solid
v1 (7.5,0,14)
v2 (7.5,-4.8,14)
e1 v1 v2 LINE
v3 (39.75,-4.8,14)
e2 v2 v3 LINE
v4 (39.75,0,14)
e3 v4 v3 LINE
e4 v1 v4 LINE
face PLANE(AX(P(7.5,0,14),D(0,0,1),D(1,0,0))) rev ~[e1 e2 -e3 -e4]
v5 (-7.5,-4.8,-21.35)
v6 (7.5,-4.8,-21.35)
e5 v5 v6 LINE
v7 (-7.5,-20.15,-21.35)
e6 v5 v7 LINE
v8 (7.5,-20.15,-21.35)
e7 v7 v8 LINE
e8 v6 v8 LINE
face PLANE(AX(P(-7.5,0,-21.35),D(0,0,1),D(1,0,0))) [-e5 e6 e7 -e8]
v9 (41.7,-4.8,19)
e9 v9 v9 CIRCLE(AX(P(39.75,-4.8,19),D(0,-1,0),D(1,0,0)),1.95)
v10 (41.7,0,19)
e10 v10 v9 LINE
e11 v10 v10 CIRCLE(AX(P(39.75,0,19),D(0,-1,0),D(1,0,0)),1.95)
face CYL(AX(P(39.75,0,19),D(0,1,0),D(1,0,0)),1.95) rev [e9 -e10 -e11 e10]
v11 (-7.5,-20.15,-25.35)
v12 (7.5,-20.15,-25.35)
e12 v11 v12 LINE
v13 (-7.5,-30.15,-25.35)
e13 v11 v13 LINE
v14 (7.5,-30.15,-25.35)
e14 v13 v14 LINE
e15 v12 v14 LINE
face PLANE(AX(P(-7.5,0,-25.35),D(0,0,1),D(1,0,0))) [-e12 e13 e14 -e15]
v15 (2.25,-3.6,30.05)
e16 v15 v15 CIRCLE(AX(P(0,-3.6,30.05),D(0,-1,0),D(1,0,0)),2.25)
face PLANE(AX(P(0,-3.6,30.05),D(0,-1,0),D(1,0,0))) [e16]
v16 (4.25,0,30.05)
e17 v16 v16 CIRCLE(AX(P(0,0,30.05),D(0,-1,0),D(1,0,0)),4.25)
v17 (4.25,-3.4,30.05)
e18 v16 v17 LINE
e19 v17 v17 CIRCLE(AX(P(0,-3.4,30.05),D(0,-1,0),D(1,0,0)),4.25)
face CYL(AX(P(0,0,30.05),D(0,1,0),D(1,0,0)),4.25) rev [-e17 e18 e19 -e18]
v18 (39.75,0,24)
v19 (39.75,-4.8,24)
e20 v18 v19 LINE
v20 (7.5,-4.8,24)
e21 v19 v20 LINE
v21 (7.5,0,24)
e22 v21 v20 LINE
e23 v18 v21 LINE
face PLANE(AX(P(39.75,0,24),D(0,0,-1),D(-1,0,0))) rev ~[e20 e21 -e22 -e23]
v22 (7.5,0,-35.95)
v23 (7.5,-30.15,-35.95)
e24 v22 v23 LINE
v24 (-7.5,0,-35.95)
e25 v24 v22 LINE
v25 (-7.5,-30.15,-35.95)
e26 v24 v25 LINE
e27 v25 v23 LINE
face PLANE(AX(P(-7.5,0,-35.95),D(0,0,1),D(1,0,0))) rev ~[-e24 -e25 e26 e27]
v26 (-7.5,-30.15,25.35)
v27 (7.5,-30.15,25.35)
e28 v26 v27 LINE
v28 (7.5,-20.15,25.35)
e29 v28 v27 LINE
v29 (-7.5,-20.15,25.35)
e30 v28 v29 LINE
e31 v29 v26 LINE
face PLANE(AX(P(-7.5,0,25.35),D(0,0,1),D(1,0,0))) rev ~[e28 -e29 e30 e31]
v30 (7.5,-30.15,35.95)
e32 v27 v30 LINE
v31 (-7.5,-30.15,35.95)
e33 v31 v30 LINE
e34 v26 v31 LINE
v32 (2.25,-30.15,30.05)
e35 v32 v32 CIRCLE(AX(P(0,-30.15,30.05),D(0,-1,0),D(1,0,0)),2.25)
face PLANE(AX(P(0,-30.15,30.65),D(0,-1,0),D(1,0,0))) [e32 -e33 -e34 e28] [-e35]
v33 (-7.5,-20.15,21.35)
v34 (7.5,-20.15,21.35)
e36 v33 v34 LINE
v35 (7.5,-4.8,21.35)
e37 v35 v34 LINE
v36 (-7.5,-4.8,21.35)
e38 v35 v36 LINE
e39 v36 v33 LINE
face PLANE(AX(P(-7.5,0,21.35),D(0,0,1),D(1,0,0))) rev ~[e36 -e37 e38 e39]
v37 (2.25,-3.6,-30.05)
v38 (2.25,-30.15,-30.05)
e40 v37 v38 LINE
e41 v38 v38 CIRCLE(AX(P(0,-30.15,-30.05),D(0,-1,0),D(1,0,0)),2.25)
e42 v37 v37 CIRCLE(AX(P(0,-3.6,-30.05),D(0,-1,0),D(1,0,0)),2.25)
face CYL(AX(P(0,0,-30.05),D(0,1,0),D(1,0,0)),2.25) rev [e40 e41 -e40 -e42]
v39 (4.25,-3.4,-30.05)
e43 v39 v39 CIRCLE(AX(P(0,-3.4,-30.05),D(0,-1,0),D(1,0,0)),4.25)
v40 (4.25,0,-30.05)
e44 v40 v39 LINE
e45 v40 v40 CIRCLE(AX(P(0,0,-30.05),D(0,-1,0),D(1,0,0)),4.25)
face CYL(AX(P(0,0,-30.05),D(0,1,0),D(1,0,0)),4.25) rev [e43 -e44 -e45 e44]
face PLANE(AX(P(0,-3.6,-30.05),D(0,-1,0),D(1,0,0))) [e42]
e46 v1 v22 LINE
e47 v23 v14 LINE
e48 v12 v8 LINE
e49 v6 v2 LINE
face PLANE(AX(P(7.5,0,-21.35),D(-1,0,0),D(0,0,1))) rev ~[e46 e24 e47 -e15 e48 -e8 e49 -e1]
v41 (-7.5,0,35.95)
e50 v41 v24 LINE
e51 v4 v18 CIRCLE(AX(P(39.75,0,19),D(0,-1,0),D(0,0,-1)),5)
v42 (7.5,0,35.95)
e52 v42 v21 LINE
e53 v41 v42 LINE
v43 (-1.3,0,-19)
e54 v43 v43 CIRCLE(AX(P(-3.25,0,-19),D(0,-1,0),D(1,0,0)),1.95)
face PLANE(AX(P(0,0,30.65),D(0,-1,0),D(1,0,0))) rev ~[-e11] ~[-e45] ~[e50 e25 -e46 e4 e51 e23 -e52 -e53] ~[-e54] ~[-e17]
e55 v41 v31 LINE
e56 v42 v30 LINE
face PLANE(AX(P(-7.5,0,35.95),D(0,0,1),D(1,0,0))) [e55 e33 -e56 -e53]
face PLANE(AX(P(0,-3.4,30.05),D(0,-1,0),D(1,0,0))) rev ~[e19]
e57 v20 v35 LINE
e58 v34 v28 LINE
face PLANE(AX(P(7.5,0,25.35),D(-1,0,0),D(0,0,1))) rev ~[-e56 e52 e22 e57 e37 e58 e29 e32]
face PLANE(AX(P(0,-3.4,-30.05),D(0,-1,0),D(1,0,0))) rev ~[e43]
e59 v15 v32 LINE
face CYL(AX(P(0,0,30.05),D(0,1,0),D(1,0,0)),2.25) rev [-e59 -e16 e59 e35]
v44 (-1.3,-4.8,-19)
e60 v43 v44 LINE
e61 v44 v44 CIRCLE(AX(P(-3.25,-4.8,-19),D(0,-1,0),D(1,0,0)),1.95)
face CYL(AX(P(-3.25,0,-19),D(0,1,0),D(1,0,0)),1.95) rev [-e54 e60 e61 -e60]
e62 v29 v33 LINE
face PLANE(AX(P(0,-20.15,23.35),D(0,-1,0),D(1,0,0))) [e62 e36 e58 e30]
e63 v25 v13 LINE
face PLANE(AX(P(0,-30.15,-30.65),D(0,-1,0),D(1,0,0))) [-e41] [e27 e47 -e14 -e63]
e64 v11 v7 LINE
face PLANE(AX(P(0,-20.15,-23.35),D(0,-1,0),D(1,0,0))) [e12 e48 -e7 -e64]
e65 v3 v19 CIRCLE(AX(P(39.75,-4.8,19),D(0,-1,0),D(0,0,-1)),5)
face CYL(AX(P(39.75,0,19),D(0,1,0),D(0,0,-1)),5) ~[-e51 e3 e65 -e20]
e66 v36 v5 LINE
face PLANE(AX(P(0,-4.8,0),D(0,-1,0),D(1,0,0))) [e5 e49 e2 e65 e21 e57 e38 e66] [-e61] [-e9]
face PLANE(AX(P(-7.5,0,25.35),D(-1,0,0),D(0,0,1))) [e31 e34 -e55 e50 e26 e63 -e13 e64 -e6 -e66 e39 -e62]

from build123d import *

# Parameters (mm, degrees)
F0_R     = 1.95
F1_DEPTH = 4.8
F0_W     = 15
F0_H     = 4
F2_DEPTH = 20.15
F0_H_2   = 10.6
F0_R_2   = 4.25
F0_R_3   = 2.25
F3_DEPTH = 30.15
F4_DEPTH = 3.4
F5_DEPTH = 3.6
F6_DEPTH = 3.4


with BuildPart() as f1:
    # F0 (on Front) → F1 (new body)
    with BuildSketch(Plane.XZ):
        Polygon((7.5, 21.35), (-7.5, 21.35), (-7.5, -21.35), (7.5, -21.35), (7.5, 14), align=None)
        with Locations((-3.25, -19)):
            Circle(F0_R, mode=Mode.SUBTRACT)
        with BuildLine():
            Line((39.75, 24), (7.5, 24))
            Line((7.5, 24), (7.5, 21.35))
            Line((7.5, 21.35), (7.5, 14))
            Line((7.5, 14), (39.75, 14))
            ThreePointArc((39.75, 14), (44.75, 19), (39.75, 24))
        make_face()
        with Locations((39.75, 19)):
            Circle(F0_R, mode=Mode.SUBTRACT)
    extrude(amount=F1_DEPTH)

    # F0 (on Front) → F2 (join)
    with BuildSketch(Plane.XZ):
        Polygon((7.5, 24), (7.5, 25.35), (-7.5, 25.35), (-7.5, 21.35), (7.5, 21.35), align=None)
        with Locations((0, -23.35)):
            Rectangle(F0_W, F0_H)
    extrude(amount=F2_DEPTH)

    # F0 (on Front) → F3 (join)
    with BuildSketch(Plane.XZ):
        with Locations((0, 30.65)):
            Rectangle(F0_W, F0_H_2)
        with Locations((0, 30.05)):
            Circle(F0_R_2, mode=Mode.SUBTRACT)
        with Locations((0, 30.05)):
            Circle(F0_R_2)
        with Locations((0, 30.05)):
            Circle(F0_R_3, mode=Mode.SUBTRACT)
        with Locations((0, -30.65)):
            Rectangle(F0_W, F0_H_2)
        with Locations((0, -30.05)):
            Circle(F0_R_2, mode=Mode.SUBTRACT)
        with Locations((0, -30.05)):
            Circle(F0_R_2)
        with Locations((0, -30.05)):
            Circle(F0_R_3, mode=Mode.SUBTRACT)
    extrude(amount=F3_DEPTH)

    # F0 (on Front) → F4 (cut)
    with BuildSketch(Plane.XZ):
        with Locations((0, -30.05)):
            Circle(F0_R_2)
        with Locations((0, -30.05)):
            Circle(F0_R_3, mode=Mode.SUBTRACT)
        with Locations((0, 30.05)):
            Circle(F0_R_2)
        with Locations((0, 30.05)):
            Circle(F0_R_3, mode=Mode.SUBTRACT)
    extrude(amount=F4_DEPTH, mode=Mode.SUBTRACT)

    # F0 (on Front) → F5 (join)
    with BuildSketch(Plane.XZ):
        with Locations((0, 30.05)):
            Circle(F0_R_3)
        with Locations((0, -30.05)):
            Circle(F0_R_3)
    extrude(amount=F5_DEPTH)

    # F0 (on Front) → F6 (cut)
    with BuildSketch(Plane.XZ):
        with Locations((0, -30.05)):
            Circle(F0_R_3)
        with Locations((0, 30.05)):
            Circle(F0_R_3)
    extrude(amount=F6_DEPTH, mode=Mode.SUBTRACT)


solid = f1.part
